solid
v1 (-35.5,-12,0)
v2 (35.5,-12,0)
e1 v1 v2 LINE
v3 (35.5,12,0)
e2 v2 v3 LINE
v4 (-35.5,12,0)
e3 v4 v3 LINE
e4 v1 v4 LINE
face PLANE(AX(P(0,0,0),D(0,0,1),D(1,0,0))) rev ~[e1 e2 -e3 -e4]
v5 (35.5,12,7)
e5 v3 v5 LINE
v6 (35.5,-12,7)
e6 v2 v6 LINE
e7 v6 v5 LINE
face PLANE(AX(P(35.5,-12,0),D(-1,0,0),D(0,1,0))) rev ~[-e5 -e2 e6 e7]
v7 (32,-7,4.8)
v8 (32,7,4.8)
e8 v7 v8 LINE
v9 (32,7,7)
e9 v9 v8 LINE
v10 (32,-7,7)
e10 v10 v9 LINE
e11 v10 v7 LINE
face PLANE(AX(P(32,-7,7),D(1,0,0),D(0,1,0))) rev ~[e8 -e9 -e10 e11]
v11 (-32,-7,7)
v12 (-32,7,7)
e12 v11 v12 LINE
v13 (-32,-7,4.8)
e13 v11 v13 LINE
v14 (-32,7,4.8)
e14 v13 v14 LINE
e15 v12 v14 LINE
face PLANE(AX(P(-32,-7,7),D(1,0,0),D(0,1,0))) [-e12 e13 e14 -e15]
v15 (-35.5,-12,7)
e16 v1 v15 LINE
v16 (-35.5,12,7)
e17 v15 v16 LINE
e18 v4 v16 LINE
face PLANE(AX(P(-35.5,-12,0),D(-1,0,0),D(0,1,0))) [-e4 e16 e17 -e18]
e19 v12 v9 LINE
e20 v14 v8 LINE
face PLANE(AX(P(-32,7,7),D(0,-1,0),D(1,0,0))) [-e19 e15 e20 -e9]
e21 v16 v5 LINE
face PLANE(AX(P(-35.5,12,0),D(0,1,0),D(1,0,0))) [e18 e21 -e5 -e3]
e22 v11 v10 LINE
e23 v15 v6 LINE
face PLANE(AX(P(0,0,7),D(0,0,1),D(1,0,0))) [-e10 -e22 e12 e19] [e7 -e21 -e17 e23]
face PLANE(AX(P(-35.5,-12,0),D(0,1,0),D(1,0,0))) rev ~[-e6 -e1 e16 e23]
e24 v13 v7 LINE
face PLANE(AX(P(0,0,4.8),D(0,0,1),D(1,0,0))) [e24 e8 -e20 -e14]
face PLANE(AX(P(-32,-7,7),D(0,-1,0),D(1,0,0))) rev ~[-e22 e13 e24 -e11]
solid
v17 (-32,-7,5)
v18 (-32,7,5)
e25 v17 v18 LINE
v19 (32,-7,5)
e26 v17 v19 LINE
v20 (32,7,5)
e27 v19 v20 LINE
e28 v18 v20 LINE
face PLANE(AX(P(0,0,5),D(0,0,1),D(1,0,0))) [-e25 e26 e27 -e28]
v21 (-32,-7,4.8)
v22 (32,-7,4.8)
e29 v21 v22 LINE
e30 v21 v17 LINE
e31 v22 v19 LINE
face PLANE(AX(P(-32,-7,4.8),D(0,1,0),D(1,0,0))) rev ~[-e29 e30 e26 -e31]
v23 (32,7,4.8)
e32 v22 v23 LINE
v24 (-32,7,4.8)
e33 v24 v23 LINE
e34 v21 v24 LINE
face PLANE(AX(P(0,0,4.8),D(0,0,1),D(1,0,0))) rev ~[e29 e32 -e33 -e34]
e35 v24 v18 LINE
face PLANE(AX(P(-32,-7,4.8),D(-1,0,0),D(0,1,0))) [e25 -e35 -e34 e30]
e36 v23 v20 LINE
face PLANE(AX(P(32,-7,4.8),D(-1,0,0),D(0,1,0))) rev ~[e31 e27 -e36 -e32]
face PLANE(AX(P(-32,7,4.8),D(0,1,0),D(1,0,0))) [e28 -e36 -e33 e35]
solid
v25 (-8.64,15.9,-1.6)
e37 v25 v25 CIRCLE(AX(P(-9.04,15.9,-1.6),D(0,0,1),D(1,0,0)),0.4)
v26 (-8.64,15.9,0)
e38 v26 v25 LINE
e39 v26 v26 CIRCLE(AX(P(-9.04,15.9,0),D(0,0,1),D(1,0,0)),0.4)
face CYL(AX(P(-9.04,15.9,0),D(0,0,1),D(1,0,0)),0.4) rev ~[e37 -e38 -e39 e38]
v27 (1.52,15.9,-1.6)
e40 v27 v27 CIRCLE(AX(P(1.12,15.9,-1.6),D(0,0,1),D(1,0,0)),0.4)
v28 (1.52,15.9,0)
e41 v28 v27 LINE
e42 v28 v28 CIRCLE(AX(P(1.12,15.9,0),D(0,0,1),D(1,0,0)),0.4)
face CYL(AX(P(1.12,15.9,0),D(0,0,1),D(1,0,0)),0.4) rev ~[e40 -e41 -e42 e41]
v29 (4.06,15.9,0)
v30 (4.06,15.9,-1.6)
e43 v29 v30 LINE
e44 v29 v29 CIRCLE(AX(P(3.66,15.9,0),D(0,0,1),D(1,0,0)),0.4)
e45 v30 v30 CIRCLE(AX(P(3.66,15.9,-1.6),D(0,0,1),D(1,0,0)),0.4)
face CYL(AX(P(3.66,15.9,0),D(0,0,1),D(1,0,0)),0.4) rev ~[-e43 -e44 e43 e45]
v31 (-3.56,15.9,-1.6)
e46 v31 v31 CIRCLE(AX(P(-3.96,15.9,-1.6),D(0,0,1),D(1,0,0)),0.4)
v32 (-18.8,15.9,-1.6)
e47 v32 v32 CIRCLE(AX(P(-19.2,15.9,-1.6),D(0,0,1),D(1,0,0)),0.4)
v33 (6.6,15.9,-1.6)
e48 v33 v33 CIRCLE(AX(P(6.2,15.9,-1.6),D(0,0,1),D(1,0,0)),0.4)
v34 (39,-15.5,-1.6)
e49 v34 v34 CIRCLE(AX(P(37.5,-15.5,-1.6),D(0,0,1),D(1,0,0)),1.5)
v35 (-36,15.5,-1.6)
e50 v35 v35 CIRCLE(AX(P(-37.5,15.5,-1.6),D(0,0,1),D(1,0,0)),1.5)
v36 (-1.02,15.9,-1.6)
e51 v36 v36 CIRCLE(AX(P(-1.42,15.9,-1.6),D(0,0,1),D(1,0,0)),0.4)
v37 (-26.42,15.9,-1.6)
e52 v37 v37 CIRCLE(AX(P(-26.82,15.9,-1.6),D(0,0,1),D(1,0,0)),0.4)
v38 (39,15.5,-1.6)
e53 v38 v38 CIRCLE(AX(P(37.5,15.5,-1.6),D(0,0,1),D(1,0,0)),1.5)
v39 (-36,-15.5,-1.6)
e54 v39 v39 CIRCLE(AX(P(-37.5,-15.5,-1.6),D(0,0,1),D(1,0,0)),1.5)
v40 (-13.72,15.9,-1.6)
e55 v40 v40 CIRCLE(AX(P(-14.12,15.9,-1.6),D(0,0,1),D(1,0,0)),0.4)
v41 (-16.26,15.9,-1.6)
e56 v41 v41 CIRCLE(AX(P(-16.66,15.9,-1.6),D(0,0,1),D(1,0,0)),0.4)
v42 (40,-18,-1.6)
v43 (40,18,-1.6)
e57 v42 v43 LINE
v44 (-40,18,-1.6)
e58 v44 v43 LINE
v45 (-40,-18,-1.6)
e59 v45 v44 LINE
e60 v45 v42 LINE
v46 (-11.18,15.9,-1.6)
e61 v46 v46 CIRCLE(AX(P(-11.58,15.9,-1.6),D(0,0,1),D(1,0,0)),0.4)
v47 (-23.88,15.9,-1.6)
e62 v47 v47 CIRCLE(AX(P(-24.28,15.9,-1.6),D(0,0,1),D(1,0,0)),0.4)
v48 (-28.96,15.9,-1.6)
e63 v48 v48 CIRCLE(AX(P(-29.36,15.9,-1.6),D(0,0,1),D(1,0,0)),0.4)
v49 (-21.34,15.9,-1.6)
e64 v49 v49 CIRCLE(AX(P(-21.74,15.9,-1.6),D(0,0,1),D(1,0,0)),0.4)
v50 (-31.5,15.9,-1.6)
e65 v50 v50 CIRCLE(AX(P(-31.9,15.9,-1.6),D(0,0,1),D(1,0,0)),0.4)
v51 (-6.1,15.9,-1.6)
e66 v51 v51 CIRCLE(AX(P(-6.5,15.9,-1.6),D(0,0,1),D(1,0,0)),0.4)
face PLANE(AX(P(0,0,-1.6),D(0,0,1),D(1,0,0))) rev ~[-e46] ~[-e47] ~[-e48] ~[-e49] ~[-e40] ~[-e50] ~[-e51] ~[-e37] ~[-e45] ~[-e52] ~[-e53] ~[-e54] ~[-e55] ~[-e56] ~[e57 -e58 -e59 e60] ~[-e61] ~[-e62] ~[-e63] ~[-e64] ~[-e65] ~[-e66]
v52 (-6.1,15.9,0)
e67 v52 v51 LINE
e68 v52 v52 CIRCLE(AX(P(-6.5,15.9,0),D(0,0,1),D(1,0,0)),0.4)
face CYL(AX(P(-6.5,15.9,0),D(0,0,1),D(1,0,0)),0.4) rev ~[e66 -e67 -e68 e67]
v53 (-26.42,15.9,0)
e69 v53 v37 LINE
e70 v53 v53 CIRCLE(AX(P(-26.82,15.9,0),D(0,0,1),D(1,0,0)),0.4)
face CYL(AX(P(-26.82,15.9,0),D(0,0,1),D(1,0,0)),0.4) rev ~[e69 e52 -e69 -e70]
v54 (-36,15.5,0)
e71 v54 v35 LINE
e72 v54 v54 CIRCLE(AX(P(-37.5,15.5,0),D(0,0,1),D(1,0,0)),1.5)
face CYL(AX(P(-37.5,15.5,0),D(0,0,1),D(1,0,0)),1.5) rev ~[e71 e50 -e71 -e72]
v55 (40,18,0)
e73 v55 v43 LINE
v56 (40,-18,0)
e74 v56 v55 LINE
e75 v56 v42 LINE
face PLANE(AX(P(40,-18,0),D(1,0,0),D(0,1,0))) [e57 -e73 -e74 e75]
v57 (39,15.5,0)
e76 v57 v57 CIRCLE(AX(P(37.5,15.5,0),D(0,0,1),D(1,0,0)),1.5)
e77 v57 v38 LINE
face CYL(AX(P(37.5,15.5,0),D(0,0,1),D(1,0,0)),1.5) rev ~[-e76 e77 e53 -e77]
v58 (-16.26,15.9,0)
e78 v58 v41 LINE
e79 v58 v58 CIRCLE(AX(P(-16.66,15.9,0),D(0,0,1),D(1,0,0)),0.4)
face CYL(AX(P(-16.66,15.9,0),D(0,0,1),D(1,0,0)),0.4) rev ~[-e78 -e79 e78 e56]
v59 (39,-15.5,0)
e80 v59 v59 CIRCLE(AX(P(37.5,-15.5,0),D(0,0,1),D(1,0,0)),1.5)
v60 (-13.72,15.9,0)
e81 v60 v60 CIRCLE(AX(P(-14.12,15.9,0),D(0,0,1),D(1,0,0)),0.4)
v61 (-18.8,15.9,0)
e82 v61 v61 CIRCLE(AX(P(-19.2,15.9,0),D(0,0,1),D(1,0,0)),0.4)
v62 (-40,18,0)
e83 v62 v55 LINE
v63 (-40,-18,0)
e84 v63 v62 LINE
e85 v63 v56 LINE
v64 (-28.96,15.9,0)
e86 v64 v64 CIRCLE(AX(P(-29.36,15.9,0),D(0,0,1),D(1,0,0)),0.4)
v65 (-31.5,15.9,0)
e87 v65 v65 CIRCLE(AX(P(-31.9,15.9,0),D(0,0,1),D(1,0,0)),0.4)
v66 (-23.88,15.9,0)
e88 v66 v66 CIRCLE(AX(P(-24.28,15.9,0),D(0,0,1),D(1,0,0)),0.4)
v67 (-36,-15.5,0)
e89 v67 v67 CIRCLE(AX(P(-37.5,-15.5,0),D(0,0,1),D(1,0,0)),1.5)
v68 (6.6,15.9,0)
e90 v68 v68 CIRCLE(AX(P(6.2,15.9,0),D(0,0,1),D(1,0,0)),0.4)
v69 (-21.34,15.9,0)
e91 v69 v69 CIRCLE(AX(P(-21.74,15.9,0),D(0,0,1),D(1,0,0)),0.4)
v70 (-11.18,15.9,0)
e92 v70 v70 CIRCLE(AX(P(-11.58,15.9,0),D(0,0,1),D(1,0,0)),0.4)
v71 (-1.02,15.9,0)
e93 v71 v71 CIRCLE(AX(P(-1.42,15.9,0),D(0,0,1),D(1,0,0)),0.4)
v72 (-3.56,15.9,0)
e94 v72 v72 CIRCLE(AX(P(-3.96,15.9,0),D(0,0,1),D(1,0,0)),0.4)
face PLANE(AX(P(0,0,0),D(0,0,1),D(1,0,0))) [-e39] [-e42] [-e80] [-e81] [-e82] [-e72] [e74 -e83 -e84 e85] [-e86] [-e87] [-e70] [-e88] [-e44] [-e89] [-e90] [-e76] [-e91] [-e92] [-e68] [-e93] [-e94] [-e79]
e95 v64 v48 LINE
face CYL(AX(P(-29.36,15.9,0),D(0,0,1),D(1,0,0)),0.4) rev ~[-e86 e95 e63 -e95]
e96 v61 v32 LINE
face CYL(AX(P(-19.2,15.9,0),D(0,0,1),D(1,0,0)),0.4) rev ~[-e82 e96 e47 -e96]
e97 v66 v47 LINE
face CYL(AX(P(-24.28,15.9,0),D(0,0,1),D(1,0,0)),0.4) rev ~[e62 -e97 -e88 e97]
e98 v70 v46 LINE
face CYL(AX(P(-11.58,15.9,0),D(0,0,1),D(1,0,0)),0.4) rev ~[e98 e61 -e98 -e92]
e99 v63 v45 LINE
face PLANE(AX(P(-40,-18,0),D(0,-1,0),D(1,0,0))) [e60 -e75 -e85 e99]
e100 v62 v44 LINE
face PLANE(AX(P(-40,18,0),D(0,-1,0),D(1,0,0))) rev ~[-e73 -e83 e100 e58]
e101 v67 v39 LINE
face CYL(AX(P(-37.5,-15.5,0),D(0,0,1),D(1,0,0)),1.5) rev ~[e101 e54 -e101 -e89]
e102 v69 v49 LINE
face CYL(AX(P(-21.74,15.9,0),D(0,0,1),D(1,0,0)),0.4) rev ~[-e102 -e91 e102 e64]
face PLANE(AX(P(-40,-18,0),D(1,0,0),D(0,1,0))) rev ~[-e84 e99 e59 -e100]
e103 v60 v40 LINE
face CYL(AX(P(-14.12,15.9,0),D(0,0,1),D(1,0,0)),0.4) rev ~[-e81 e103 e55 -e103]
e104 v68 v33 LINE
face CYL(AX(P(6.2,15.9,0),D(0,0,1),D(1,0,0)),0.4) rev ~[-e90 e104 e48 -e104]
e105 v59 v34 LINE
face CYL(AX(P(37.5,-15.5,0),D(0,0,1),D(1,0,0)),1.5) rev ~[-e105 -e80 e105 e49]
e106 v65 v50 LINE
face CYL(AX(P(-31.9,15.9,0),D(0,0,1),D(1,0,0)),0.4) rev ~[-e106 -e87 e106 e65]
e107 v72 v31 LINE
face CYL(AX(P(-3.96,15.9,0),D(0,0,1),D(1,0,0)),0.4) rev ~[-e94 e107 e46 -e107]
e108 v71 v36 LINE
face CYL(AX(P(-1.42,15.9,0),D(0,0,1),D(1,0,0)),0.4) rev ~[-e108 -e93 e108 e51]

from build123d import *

# Parameters (mm, degrees)
F0_W      = 80
F0_H      = 36
F0_R      = 1.5
F0_W_2    = 71
F0_H_2    = 24
F1_DEPTH  = 1.6
F2_DEPTH  = 7
F3_W      = 64
F3_H      = 14
F4_DEPTH  = 2.2
F4_FACE_W = 64
F4_FACE_H = 14
F5_DEPTH  = 0.2
F6_R      = 0.4
F7_DEPTH  = 25


with BuildPart() as f1:
    # F0 (on Top) → F1 (new body)
    with BuildSketch(Plane.XY):
        Rectangle(F0_W, F0_H)
        with Locations((-37.5, -15.5)):
            Circle(F0_R, mode=Mode.SUBTRACT)
        with Locations((37.5, -15.5)):
            Circle(F0_R, mode=Mode.SUBTRACT)
        with Locations((-37.5, 15.5)):
            Circle(F0_R, mode=Mode.SUBTRACT)
        Rectangle(F0_W_2, F0_H_2, mode=Mode.SUBTRACT)
        with Locations((37.5, 15.5)):
            Circle(F0_R, mode=Mode.SUBTRACT)
        Rectangle(F0_W_2, F0_H_2)
    extrude(amount=-F1_DEPTH)

    # F6 (on face) → F7 (cut)
    with BuildSketch(Plane.XY):
        with Locations((-31.9, 15.9)):
            Circle(F6_R)
        with Locations((-29.36, 15.9)):
            Circle(F6_R)
        with Locations((-26.82, 15.9)):
            Circle(F6_R)
        with Locations((-24.28, 15.9)):
            Circle(F6_R)
        with Locations((-21.74, 15.9)):
            Circle(F6_R)
        with Locations((-19.2, 15.9)):
            Circle(F6_R)
        with Locations((-16.66, 15.9)):
            Circle(F6_R)
        with Locations((-14.12, 15.9)):
            Circle(F6_R)
        with Locations((-11.58, 15.9)):
            Circle(F6_R)
        with Locations((-9.04, 15.9)):
            Circle(F6_R)
        with Locations((-6.5, 15.9)):
            Circle(F6_R)
        with Locations((-3.96, 15.9)):
            Circle(F6_R)
        with Locations((-1.42, 15.9)):
            Circle(F6_R)
        with Locations((1.12, 15.9)):
            Circle(F6_R)
        with Locations((3.66, 15.9)):
            Circle(F6_R)
        with Locations((6.2, 15.9)):
            Circle(F6_R)
    extrude(amount=-F7_DEPTH, mode=Mode.SUBTRACT)


with BuildPart() as f2:
    # F0 (on Top) → F2 (new body)
    with BuildSketch(Plane.XY):
        Rectangle(F0_W_2, F0_H_2)
    extrude(amount=F2_DEPTH)

    # F3 (on face) → F4 (cut)
    with BuildSketch(Plane.XY.offset(7)):
        Rectangle(F3_W, F3_H)
    extrude(amount=-F4_DEPTH, mode=Mode.SUBTRACT)


with BuildPart() as f5:
    # F4_face (on face) → F5 (new body)
    with BuildSketch(Plane.XY.offset(4.8)):
        Rectangle(F4_FACE_W, F4_FACE_H)
    extrude(amount=F5_DEPTH)


solid = Compound([f1.part, f2.part, f5.part])
